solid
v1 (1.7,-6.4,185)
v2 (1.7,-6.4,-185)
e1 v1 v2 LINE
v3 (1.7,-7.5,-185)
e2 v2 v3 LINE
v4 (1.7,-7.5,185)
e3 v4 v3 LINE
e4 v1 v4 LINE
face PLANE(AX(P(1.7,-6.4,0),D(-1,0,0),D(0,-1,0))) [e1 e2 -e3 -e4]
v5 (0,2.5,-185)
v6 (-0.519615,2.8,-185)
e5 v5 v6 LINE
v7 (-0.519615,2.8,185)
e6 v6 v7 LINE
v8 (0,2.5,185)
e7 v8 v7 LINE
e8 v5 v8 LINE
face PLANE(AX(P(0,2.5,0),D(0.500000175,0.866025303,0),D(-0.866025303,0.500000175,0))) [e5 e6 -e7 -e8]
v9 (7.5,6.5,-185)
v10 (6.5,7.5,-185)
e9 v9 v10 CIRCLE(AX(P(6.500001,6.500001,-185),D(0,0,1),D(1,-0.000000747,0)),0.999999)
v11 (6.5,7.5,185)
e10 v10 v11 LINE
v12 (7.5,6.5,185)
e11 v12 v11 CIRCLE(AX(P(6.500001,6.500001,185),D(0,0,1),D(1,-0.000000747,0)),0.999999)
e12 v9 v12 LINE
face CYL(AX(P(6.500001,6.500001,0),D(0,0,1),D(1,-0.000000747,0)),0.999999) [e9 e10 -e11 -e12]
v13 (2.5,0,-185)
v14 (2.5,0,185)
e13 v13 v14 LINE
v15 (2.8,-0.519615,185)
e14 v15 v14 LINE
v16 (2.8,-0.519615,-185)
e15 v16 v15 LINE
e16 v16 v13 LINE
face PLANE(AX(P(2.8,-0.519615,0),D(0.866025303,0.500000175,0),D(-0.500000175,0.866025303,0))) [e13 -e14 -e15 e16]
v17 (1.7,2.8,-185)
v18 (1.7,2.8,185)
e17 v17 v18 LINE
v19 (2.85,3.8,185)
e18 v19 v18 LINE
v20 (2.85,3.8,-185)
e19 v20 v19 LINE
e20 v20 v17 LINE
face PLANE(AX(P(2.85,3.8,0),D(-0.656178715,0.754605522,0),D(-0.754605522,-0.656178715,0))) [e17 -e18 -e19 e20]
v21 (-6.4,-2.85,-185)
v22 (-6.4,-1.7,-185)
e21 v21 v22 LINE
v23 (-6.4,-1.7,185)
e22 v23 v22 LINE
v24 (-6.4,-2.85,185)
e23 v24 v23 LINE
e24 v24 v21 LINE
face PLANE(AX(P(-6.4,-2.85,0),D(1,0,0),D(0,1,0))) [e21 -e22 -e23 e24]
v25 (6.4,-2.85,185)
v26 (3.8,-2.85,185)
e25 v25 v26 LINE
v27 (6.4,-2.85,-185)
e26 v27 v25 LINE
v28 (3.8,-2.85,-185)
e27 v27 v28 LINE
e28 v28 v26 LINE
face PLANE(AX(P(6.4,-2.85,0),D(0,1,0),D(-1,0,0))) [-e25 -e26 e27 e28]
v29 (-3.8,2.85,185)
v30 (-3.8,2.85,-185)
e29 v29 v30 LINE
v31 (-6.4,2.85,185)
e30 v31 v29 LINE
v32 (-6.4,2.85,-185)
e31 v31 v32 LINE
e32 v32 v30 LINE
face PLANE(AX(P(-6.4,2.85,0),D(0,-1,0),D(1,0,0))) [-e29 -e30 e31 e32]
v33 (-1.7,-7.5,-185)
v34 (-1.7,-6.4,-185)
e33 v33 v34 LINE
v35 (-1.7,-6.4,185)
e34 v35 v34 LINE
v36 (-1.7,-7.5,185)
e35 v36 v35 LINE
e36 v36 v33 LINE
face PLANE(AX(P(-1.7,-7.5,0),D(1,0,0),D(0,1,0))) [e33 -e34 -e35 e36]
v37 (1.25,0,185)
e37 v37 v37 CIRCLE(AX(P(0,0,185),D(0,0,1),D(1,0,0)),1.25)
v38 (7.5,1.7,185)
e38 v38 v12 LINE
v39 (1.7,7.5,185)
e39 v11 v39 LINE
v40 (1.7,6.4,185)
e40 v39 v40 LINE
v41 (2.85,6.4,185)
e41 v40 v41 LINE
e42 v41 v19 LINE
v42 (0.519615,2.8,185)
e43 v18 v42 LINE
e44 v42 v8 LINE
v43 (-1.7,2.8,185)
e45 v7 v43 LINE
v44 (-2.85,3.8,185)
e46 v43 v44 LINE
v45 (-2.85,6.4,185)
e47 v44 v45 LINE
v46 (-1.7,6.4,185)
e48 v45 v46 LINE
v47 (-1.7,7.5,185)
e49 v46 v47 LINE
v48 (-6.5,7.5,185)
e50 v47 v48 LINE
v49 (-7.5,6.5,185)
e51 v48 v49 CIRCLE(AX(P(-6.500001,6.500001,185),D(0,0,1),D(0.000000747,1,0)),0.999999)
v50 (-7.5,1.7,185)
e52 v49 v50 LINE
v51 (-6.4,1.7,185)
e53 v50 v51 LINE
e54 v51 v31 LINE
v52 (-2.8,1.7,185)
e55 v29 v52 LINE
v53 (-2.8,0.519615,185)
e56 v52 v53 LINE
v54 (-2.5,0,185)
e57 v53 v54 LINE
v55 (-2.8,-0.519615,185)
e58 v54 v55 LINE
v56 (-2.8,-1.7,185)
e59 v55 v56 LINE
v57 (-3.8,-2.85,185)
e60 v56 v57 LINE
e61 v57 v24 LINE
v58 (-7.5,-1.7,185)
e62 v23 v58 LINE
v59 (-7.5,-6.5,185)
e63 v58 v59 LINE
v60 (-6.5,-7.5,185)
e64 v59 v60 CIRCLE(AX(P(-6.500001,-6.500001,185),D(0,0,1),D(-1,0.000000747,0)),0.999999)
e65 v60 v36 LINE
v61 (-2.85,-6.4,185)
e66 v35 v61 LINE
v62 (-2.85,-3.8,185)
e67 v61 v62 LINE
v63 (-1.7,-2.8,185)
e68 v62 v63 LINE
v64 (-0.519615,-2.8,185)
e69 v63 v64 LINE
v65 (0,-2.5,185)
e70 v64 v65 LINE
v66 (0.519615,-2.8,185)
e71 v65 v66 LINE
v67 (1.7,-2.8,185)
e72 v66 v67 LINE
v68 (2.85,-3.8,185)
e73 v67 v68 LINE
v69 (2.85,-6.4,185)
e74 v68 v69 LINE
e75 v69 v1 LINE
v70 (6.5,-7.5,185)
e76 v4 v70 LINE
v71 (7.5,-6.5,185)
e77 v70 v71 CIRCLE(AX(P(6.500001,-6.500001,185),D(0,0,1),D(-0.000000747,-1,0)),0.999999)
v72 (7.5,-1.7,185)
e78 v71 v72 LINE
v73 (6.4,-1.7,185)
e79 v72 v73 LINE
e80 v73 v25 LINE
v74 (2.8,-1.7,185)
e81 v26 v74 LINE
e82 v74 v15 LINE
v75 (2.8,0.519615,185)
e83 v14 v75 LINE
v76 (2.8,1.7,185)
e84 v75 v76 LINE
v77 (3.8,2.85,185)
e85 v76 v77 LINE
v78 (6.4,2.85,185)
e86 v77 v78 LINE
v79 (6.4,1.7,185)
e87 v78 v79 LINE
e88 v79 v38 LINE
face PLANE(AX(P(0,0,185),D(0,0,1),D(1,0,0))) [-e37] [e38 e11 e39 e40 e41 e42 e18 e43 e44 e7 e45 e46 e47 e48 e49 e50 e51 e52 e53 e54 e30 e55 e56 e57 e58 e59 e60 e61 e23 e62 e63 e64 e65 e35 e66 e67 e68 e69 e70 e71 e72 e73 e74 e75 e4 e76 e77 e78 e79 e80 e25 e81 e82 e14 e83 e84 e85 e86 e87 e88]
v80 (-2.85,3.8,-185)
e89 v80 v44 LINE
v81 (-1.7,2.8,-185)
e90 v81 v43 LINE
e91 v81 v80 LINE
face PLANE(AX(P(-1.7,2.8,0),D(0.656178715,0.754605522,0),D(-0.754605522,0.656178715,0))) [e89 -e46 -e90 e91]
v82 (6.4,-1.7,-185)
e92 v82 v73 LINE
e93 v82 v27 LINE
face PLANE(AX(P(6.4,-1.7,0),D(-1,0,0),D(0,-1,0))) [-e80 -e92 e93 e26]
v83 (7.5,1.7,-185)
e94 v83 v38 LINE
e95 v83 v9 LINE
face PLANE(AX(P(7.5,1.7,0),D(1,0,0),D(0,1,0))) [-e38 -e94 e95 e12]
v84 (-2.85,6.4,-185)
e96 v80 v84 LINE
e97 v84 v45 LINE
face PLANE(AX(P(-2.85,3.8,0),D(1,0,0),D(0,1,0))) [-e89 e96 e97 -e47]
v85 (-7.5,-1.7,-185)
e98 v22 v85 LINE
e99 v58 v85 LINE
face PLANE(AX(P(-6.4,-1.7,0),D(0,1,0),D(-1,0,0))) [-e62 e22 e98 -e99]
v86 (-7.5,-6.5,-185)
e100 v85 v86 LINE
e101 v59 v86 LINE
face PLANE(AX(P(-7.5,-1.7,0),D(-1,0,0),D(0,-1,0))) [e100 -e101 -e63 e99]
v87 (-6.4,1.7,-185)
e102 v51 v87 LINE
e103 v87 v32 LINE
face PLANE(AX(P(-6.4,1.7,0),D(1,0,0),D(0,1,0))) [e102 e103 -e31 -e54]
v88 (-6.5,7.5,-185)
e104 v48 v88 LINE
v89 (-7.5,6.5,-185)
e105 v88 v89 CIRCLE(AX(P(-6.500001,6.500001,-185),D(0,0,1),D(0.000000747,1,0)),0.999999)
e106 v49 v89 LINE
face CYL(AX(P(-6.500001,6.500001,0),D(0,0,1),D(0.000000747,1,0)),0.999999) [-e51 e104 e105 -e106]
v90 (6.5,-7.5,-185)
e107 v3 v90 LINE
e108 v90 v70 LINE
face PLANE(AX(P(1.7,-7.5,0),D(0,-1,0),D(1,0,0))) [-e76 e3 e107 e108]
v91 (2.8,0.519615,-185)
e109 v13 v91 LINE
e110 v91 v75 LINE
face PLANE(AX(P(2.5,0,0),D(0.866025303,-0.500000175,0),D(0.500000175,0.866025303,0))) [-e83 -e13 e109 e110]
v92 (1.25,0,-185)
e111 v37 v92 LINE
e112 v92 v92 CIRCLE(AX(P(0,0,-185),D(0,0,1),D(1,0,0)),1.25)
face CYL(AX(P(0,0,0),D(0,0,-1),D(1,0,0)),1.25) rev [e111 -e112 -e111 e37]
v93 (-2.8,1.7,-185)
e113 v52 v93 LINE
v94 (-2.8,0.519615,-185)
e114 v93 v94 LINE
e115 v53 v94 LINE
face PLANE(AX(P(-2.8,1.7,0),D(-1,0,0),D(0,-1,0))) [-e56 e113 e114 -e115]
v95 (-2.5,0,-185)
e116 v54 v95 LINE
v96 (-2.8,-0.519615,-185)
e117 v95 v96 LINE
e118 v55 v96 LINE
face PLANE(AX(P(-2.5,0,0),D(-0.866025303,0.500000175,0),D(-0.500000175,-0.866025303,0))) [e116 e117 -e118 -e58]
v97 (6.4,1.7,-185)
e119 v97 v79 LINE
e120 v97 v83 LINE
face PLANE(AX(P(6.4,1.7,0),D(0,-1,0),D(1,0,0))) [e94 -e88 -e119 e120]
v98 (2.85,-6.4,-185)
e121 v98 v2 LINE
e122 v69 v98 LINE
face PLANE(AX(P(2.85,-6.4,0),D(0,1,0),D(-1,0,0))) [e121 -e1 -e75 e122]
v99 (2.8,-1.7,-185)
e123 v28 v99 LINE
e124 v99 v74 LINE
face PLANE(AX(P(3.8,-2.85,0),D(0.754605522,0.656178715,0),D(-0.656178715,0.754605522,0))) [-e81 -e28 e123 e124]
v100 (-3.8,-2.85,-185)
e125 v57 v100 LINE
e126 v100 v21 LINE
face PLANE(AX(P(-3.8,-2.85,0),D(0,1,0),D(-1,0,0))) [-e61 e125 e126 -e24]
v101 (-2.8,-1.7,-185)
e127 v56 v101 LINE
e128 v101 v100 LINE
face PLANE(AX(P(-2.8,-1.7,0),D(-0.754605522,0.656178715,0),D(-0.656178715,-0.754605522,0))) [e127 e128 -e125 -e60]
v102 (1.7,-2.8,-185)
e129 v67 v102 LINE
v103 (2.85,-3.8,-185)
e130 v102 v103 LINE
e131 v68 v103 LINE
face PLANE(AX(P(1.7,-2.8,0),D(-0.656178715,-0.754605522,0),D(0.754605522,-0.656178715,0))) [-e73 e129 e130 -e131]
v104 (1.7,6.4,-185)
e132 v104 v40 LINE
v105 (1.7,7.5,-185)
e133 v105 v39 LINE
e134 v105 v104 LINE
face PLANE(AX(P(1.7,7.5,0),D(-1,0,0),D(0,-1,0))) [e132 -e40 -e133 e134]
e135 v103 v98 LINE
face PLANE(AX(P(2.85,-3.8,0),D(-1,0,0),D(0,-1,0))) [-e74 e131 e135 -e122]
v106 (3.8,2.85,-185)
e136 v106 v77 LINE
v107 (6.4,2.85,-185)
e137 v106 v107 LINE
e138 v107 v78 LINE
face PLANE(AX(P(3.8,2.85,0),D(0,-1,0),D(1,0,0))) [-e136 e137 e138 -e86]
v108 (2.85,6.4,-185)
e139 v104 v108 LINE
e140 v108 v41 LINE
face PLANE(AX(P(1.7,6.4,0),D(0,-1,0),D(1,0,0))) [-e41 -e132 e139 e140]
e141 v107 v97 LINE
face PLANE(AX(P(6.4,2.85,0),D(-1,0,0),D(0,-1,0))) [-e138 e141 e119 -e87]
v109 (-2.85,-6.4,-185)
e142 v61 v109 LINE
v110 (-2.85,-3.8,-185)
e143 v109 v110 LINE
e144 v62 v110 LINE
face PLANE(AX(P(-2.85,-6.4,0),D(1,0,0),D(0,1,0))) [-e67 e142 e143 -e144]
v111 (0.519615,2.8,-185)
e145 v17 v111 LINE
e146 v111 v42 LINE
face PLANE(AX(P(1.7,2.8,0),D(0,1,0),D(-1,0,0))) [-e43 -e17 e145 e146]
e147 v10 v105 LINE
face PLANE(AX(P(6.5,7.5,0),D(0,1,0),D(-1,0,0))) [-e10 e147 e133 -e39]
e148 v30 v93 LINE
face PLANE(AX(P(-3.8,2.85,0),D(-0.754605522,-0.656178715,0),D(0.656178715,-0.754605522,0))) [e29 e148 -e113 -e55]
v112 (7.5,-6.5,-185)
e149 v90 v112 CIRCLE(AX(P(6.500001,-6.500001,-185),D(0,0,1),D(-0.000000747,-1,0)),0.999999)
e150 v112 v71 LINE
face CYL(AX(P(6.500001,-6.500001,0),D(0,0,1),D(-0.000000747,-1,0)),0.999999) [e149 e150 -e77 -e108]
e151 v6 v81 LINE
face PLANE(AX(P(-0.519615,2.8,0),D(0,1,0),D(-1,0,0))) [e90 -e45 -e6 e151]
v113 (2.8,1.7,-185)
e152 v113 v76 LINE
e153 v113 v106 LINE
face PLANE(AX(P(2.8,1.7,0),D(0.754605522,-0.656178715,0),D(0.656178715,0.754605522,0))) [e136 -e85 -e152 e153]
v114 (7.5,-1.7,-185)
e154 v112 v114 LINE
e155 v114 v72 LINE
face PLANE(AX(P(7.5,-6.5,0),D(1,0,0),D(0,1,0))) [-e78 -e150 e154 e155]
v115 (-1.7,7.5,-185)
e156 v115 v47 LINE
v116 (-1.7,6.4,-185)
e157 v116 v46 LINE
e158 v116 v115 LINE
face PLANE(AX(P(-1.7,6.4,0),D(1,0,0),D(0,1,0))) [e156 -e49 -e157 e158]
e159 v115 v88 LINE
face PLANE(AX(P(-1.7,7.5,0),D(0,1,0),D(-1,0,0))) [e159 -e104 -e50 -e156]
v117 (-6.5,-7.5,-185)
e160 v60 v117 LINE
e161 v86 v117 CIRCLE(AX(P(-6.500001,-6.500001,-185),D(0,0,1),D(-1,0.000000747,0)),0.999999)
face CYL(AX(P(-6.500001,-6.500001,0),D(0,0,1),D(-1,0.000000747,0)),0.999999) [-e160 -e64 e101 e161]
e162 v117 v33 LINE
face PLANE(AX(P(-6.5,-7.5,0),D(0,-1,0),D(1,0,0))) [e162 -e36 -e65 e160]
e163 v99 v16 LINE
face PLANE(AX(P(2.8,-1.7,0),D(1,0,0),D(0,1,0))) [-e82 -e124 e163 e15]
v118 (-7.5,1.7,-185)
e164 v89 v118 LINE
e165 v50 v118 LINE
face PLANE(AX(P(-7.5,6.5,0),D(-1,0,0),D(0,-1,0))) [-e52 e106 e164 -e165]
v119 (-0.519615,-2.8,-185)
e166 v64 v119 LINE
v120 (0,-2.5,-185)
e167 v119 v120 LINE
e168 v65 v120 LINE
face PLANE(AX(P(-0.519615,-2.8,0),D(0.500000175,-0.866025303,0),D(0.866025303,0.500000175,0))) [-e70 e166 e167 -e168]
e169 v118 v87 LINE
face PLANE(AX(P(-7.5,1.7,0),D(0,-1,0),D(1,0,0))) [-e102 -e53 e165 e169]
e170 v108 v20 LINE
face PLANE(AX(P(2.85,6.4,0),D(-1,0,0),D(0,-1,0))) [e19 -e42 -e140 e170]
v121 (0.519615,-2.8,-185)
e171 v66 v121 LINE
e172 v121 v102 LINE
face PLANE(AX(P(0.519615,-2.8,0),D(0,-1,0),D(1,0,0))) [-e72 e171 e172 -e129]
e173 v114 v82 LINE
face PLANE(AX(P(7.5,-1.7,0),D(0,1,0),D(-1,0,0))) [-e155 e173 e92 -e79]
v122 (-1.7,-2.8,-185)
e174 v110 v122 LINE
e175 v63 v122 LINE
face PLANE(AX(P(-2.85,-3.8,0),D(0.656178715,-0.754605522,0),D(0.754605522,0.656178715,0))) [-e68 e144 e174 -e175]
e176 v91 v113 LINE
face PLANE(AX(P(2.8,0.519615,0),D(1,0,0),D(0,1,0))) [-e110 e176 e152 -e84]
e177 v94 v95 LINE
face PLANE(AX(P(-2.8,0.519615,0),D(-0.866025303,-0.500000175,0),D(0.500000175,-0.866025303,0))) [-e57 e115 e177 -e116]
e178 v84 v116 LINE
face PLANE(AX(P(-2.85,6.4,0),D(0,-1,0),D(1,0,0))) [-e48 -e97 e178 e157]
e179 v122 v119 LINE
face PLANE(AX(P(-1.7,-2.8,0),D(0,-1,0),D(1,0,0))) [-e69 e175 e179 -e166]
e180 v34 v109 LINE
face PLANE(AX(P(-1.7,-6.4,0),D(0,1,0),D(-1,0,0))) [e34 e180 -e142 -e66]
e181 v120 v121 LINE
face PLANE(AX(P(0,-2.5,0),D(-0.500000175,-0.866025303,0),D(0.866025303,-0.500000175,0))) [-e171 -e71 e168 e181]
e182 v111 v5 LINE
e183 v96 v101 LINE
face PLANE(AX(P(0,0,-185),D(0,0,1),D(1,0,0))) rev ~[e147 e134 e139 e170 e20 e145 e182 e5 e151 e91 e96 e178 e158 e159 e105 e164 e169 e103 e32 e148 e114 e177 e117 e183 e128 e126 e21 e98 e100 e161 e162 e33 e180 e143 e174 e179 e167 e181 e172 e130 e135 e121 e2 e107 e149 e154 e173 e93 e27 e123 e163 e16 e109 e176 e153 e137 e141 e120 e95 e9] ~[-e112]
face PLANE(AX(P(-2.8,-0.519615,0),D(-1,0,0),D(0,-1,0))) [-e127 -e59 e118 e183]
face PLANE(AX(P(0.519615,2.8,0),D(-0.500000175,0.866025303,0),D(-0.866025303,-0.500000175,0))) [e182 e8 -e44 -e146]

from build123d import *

# Parameters (mm, degrees)
F0_R     = 1.25
F1_DEPTH = 185


with BuildPart() as f1:
    # F0 (on Top) → F1 (new body, symmetric)
    with BuildSketch(Plane.XY):
        with BuildLine():
            Line((1.7, -7.5), (6.5, -7.5))
            ThreePointArc((6.5, -7.5), (7.207107, -7.207107), (7.5, -6.5))
            Line((7.5, -6.5), (7.5, -1.7))
            Line((7.5, -1.7), (6.4, -1.7))
            Line((6.4, -1.7), (6.4, -2.85))
            Line((6.4, -2.85), (3.8, -2.85))
            Line((3.8, -2.85), (2.8, -1.7))
            Line((2.8, -1.7), (2.8, -0.519615))
            Line((2.8, -0.519615), (2.5, 0))
            Line((2.5, 0), (2.8, 0.519615))
            Line((2.8, 0.519615), (2.8, 1.7))
            Line((2.8, 1.7), (3.8, 2.85))
            Line((3.8, 2.85), (6.4, 2.85))
            Line((6.4, 2.85), (6.4, 1.7))
            Line((6.4, 1.7), (7.5, 1.7))
            Line((7.5, 1.7), (7.5, 6.5))
            ThreePointArc((7.5, 6.5), (7.207107, 7.207107), (6.5, 7.5))
            Line((6.5, 7.5), (1.7, 7.5))
            Line((1.7, 7.5), (1.7, 6.4))
            Line((1.7, 6.4), (2.85, 6.4))
            Line((2.85, 6.4), (2.85, 3.8))
            Line((2.85, 3.8), (1.7, 2.8))
            Line((1.7, 2.8), (0.519615, 2.8))
            Line((0.519615, 2.8), (0, 2.5))
            Line((0, 2.5), (-0.519615, 2.8))
            Line((-0.519615, 2.8), (-1.7, 2.8))
            Line((-1.7, 2.8), (-2.85, 3.8))
            Line((-2.85, 3.8), (-2.85, 6.4))
            Line((-2.85, 6.4), (-1.7, 6.4))
            Line((-1.7, 6.4), (-1.7, 7.5))
            Line((-1.7, 7.5), (-6.5, 7.5))
            ThreePointArc((-6.5, 7.5), (-7.207107, 7.207107), (-7.5, 6.5))
            Line((-7.5, 6.5), (-7.5, 1.7))
            Line((-7.5, 1.7), (-6.4, 1.7))
            Line((-6.4, 1.7), (-6.4, 2.85))
            Line((-6.4, 2.85), (-3.8, 2.85))
            Line((-3.8, 2.85), (-2.8, 1.7))
            Line((-2.8, 1.7), (-2.8, 0.519615))
            Line((-2.8, 0.519615), (-2.5, 0))
            Line((-2.5, 0), (-2.8, -0.519615))
            Line((-2.8, -0.519615), (-2.8, -1.7))
            Line((-2.8, -1.7), (-3.8, -2.85))
            Line((-3.8, -2.85), (-6.4, -2.85))
            Line((-6.4, -2.85), (-6.4, -1.7))
            Line((-6.4, -1.7), (-7.5, -1.7))
            Line((-7.5, -1.7), (-7.5, -6.5))
            ThreePointArc((-7.5, -6.5), (-7.207107, -7.207107), (-6.5, -7.5))
            Line((-6.5, -7.5), (-1.7, -7.5))
            Line((-1.7, -7.5), (-1.7, -6.4))
            Line((-1.7, -6.4), (-2.85, -6.4))
            Line((-2.85, -6.4), (-2.85, -3.8))
            Line((-2.85, -3.8), (-1.7, -2.8))
            Line((-1.7, -2.8), (-0.519615, -2.8))
            Line((-0.519615, -2.8), (0, -2.5))
            Line((0, -2.5), (0.519615, -2.8))
            Line((0.519615, -2.8), (1.7, -2.8))
            Line((1.7, -2.8), (2.85, -3.8))
            Line((2.85, -3.8), (2.85, -6.4))
            Line((2.85, -6.4), (1.7, -6.4))
            Line((1.7, -6.4), (1.7, -7.5))
        make_face()
        Circle(F0_R, mode=Mode.SUBTRACT)
    extrude(amount=F1_DEPTH, both=True)


solid = f1.part
